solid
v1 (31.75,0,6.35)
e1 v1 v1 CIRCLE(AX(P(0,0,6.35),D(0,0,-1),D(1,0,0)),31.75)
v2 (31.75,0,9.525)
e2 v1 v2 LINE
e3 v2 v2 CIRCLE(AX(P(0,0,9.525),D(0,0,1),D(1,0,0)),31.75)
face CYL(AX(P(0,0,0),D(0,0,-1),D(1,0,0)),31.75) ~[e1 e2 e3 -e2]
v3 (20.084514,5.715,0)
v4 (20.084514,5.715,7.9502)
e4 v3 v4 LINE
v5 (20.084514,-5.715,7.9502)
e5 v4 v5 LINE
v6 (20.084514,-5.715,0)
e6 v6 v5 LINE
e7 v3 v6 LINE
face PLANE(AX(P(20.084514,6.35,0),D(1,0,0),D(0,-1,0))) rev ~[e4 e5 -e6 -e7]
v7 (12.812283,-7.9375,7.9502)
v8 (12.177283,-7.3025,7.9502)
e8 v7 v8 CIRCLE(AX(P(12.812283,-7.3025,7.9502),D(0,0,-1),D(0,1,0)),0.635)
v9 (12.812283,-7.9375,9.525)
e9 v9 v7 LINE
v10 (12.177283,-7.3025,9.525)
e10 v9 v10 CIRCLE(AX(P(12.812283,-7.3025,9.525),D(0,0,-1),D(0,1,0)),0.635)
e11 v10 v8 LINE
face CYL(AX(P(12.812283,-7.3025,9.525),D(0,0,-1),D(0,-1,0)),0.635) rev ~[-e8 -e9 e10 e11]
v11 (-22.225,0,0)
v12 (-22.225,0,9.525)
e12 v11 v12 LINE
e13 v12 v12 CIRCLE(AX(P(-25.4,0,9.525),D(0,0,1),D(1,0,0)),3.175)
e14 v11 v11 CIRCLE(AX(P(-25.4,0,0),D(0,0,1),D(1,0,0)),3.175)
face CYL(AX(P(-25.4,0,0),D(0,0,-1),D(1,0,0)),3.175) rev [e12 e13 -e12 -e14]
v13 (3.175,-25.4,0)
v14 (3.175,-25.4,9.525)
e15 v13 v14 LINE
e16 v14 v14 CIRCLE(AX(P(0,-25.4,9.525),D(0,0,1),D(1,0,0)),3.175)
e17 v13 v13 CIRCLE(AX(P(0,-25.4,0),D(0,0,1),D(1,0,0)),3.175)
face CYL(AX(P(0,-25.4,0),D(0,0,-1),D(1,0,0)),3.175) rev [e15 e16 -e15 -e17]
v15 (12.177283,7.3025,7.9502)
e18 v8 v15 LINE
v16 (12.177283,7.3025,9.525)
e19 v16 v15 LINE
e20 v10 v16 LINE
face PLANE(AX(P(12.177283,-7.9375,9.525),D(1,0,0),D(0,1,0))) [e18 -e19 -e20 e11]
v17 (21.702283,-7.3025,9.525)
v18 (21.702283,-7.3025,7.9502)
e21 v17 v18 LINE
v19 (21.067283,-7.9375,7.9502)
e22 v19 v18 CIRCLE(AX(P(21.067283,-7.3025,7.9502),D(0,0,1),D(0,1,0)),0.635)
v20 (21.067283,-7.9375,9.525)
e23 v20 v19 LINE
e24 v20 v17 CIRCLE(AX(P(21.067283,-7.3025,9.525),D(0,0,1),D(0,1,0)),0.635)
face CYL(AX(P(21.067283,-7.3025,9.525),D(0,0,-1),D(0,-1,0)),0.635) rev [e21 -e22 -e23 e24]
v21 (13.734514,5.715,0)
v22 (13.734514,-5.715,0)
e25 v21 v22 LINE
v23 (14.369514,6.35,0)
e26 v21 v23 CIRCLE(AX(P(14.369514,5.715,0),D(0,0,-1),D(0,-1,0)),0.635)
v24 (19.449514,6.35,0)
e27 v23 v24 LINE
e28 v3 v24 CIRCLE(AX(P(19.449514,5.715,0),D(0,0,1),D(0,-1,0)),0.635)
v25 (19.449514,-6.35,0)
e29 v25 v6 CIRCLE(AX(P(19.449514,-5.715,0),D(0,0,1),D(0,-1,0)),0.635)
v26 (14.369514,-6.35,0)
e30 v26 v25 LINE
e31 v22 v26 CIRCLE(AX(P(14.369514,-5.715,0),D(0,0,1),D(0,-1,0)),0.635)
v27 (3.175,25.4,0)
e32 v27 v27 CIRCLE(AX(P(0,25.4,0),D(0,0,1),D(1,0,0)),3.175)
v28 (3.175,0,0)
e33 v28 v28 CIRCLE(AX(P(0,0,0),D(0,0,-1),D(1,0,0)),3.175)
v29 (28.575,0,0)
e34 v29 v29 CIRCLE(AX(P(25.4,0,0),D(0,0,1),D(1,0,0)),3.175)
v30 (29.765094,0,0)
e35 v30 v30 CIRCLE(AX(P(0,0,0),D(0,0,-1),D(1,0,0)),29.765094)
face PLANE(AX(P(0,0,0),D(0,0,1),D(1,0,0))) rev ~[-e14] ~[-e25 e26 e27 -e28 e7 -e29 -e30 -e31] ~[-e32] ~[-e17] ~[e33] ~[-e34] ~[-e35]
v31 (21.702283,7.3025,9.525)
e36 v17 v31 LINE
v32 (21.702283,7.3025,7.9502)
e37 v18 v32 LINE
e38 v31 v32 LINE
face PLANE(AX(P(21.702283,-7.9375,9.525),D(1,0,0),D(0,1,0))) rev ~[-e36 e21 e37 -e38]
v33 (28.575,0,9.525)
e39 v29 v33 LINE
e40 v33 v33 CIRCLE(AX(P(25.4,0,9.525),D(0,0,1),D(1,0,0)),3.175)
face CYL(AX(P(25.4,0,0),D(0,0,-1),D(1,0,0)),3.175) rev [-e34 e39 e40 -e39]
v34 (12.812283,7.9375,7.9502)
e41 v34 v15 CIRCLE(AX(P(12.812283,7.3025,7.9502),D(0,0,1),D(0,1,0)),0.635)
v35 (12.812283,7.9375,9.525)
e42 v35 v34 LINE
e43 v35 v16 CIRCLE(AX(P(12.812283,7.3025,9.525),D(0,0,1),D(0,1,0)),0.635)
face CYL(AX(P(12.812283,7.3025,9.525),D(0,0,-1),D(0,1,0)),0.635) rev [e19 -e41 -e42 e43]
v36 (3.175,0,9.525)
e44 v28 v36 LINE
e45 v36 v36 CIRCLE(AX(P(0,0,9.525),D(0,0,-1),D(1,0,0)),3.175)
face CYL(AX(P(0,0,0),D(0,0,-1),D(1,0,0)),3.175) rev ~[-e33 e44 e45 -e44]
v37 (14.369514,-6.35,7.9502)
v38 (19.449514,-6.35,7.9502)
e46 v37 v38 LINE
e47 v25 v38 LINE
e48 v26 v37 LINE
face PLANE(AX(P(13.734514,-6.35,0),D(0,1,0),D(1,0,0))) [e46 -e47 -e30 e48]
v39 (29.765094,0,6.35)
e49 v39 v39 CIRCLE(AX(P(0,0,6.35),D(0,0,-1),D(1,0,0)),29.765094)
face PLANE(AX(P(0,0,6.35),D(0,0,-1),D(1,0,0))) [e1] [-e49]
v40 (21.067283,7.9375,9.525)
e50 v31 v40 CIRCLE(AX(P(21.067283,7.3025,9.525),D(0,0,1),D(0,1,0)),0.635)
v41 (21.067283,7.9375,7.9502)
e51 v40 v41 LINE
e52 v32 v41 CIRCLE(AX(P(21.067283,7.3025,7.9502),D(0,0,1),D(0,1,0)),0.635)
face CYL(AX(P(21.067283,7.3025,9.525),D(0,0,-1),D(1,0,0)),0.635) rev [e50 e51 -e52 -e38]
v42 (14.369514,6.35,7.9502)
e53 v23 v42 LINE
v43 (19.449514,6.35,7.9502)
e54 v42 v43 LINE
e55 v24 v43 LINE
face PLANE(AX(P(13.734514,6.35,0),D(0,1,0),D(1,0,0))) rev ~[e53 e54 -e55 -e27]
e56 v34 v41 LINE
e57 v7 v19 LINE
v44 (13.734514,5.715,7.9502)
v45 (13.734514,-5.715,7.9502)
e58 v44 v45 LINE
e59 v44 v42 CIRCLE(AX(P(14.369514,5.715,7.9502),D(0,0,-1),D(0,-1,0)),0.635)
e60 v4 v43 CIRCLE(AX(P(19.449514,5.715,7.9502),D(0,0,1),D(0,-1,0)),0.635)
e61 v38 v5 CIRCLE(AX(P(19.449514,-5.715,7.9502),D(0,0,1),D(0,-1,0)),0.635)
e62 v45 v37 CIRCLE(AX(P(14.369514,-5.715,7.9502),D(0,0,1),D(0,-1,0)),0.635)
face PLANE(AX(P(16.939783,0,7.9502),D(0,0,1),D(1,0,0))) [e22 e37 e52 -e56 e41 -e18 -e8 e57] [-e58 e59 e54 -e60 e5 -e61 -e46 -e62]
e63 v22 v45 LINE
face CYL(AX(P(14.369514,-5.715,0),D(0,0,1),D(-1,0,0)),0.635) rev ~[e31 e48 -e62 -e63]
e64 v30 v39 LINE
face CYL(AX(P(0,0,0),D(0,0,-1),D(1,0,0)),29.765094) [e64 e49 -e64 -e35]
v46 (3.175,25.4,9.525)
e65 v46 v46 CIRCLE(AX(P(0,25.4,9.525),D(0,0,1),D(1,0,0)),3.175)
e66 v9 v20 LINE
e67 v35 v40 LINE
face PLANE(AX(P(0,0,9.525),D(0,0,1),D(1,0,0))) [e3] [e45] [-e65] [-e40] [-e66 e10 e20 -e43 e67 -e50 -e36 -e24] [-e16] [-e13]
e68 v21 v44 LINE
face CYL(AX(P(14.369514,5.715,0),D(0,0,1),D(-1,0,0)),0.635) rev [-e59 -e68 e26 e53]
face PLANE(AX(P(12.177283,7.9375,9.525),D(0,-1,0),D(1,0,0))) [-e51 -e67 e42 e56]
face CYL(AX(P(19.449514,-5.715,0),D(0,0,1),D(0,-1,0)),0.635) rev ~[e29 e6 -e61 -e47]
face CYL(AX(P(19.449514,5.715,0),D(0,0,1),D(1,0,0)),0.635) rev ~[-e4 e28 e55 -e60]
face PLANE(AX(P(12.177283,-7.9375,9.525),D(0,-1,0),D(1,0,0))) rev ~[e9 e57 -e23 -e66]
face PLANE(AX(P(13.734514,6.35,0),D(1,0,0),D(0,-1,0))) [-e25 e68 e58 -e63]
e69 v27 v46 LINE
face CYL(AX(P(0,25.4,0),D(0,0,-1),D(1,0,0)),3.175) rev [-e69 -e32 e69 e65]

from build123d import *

# Parameters (mm, degrees)
F0_R     = 31.75
F0_R_2   = 3.175
F1_DEPTH = 9.525
F2_R     = 31.75
F2_R_2   = 29.765094
F3_DEPTH = 6.35
F4_R     = 3.175
F5_DEPTH = 9.526
F6_W     = 6.35
F6_H     = 12.7
F7_DEPTH = 25.4
F8_W     = 9.525
F8_H     = 15.875
F9_DEPTH = 1.5748
F10_R    = 0.635


with BuildPart() as f1:
    # F0 (on Top) → F1 (new body)
    with BuildSketch(Plane.XY):
        Circle(F0_R)
        with Locations((0, -25.4)):
            Circle(F0_R_2, mode=Mode.SUBTRACT)
        with Locations((-25.4, 0)):
            Circle(F0_R_2, mode=Mode.SUBTRACT)
        with Locations((25.4, 0)):
            Circle(F0_R_2, mode=Mode.SUBTRACT)
        with Locations((0, 25.4)):
            Circle(F0_R_2, mode=Mode.SUBTRACT)
    extrude(amount=F1_DEPTH)

    # F2 (on face) → F3 (cut)
    with BuildSketch(Plane(origin=(0, 0, 0), x_dir=(1, 0, 0), z_dir=(0, 0, -1))):
        Circle(F2_R)
        Circle(F2_R_2, mode=Mode.SUBTRACT)
    extrude(amount=-F3_DEPTH, mode=Mode.SUBTRACT)

    # F4 (on face) → F5 (cut, through all)
    with BuildSketch(Plane(origin=(0, 0, 0), x_dir=(1, 0, 0), z_dir=(0, 0, -1))):
        Circle(F4_R)
    extrude(amount=-F5_DEPTH, mode=Mode.SUBTRACT)

    # F6 (on face) → F7 (cut)
    with BuildSketch(Plane(origin=(0, 0, 0), x_dir=(1, 0, 0), z_dir=(0, 0, -1))):
        with Locations((16.909514, 0)):
            Rectangle(F6_W, F6_H)
    extrude(amount=-F7_DEPTH, mode=Mode.SUBTRACT)

    # F8 (on face) → F9 (cut)
    with BuildSketch(Plane.XY.offset(9.525)):
        with Locations((16.939783, 0)):
            Rectangle(F8_W, F8_H)
    extrude(amount=-F9_DEPTH, mode=Mode.SUBTRACT)

    # F10
    f10_edges = [f1.edges().sort_by_distance(p)[0] for p in [
        (13.734514, -6.35, 3.9751),
        (13.734514, 6.35, 3.9751),
        (20.084514, -6.35, 3.9751),
        (20.084514, 6.35, 3.9751),
        (21.702283, 7.9375, 8.7376),
        (21.702283, -7.9375, 8.7376),
        (12.177283, -7.9375, 8.7376),
        (12.177283, 7.9375, 8.7376),
    ]]
    fillet(f10_edges, radius=F10_R)


solid = f1.part
